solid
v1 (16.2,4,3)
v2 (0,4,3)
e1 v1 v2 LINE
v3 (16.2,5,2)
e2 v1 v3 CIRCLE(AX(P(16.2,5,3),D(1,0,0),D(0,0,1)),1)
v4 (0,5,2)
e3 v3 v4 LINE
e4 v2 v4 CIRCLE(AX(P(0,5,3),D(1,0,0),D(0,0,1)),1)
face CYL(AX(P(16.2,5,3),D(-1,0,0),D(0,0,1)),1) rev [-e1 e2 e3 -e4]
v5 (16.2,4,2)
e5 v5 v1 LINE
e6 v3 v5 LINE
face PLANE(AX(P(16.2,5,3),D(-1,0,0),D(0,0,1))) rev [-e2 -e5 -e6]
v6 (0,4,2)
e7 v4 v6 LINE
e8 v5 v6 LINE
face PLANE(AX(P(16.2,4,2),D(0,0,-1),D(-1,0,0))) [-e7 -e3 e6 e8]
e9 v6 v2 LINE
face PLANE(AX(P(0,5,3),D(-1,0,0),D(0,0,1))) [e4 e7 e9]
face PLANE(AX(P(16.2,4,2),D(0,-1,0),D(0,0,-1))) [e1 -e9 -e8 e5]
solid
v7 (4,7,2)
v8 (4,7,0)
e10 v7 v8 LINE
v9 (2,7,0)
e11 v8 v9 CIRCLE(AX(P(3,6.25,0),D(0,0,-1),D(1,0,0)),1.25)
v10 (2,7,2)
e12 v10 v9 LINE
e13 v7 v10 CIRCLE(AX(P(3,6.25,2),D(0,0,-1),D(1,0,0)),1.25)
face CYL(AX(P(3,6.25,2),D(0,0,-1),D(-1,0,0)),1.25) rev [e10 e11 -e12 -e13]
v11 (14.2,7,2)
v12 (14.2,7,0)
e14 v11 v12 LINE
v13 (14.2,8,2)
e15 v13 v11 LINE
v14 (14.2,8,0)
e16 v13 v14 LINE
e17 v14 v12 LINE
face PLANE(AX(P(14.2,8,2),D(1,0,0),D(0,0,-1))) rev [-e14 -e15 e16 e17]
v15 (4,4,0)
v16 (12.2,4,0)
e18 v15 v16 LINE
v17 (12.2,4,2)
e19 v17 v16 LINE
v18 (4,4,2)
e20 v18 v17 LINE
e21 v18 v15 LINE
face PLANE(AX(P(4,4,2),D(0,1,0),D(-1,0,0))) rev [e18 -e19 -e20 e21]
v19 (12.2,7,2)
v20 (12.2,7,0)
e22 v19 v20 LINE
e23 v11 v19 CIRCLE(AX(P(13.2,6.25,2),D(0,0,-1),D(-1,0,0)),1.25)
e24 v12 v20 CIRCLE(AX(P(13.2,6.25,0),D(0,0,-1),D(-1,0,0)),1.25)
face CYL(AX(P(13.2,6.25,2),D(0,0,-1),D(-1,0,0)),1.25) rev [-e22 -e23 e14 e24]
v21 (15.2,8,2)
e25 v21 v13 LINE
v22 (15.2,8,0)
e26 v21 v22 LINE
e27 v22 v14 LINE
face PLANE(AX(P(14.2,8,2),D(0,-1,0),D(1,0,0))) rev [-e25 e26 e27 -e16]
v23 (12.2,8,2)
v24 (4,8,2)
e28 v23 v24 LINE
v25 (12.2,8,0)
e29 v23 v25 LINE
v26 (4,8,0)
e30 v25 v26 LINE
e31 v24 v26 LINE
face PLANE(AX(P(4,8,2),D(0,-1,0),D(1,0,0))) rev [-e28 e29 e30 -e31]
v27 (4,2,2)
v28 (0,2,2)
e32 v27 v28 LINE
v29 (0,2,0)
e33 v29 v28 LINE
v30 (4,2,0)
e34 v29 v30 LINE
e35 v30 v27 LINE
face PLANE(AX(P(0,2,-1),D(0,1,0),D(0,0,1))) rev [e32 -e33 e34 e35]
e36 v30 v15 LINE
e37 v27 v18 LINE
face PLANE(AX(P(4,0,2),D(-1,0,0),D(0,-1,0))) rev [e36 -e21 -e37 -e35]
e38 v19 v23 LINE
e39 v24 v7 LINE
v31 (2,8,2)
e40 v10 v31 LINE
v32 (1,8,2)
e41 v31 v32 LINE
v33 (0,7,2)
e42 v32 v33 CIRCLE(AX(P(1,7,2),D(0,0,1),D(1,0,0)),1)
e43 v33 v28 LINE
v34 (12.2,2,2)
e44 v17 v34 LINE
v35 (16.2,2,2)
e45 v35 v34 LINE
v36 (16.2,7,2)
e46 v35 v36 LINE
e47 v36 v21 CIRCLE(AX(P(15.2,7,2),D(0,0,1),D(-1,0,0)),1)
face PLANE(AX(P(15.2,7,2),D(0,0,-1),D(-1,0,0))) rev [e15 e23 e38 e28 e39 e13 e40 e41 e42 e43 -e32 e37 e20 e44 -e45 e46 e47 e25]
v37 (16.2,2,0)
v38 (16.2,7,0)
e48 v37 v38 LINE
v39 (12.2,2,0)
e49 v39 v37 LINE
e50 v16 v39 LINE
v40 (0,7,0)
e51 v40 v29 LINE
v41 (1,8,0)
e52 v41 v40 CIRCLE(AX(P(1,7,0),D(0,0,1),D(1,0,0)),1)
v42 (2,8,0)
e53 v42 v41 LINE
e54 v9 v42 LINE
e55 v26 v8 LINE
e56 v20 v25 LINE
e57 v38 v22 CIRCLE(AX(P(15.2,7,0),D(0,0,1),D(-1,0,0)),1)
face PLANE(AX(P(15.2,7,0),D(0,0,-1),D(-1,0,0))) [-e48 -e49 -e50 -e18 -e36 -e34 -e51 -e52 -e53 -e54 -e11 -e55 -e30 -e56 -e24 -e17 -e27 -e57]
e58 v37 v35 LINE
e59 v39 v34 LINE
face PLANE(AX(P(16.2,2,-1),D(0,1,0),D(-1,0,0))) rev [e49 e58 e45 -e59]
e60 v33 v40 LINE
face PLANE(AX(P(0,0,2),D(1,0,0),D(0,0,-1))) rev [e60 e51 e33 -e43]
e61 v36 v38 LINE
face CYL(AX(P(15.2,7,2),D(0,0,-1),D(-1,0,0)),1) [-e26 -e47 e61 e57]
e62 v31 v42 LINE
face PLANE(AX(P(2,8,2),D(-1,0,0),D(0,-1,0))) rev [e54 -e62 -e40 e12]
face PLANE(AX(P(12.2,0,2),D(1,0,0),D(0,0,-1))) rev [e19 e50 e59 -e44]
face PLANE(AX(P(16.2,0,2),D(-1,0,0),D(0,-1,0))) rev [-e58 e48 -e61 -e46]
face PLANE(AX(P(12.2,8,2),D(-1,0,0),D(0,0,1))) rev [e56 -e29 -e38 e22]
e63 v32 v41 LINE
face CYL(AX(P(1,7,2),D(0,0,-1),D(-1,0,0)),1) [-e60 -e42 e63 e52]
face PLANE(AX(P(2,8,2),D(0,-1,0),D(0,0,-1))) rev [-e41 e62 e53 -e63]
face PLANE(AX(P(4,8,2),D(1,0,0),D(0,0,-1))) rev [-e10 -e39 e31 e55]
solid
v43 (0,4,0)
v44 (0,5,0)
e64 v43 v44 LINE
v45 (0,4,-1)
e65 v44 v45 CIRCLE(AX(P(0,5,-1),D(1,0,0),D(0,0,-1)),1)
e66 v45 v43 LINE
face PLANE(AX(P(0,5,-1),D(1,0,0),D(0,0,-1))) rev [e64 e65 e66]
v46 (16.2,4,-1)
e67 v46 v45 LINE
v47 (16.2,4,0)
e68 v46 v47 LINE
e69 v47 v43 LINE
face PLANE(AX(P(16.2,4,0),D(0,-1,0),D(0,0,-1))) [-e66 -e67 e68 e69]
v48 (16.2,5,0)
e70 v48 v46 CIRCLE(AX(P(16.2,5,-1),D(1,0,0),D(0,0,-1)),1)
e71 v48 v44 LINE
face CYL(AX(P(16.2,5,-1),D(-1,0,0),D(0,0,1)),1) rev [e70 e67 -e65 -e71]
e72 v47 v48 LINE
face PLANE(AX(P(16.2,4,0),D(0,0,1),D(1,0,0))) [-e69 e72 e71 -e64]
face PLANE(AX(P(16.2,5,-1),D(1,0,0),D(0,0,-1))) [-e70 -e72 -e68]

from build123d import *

# Parameters (mm, degrees)
BOSS_EXTRUDE1_DEPTH   = 2
BOSS_EXTRUDE2_DEPTH   = 16.2
BOSS_EXTRUDE2_2_DEPTH = 16.2
SKETCH3_W             = 4
SKETCH3_H             = 2
CUT_EXTRUDE1_DEPTH    = 19.315021158


with BuildPart() as part:
    # Sketch1 → Boss-Extrude1 (new body)
    with BuildSketch(Plane.XY):
        with BuildLine():
            Line((4, 8), (12.2, 8))
            Line((12.2, 8), (12.2, 7))
            ThreePointArc((12.2, 7), (13.2, 5), (14.2, 7))
            Line((14.2, 7), (14.2, 8))
            Line((14.2, 8), (15.2, 8))
            ThreePointArc((15.2, 8), (15.907106781, 7.707106781), (16.2, 7))
            Line((16.2, 7), (16.2, 0))
            Line((16.2, 0), (12.2, 0))
            Line((12.2, 0), (12.2, 4))
            Line((12.2, 4), (4, 4))
            Line((4, 4), (4, 0))
            Line((4, 0), (0, 0))
            Line((0, 0), (0, 7))
            ThreePointArc((0, 7), (0.292893219, 7.707106781), (1, 8))
            Line((1, 8), (2, 8))
            Line((2, 8), (2, 7))
            ThreePointArc((2, 7), (3, 5), (4, 7))
            Line((4, 7), (4, 8))
        make_face()
    extrude(amount=BOSS_EXTRUDE1_DEPTH)

    # Sketch3 → Cut-Extrude1 (cut, through all)
    with BuildSketch(Plane.XY.offset(2)):
        with Locations((2, 1)):
            Rectangle(SKETCH3_W, SKETCH3_H)
        with Locations((14.2, 1)):
            Rectangle(SKETCH3_W, SKETCH3_H)
    extrude(amount=-CUT_EXTRUDE1_DEPTH, mode=Mode.SUBTRACT)


with BuildPart() as body_2:
    # Sketch2 → Boss-Extrude2 (new body)
    with BuildSketch(Plane.ZY):
        with BuildLine():
            Line((2, 4), (2, 5))
            ThreePointArc((2, 5), (2.292893219, 4.292893219), (3, 4))
            Line((3, 4), (2, 4))
        make_face()
    extrude(amount=-BOSS_EXTRUDE2_DEPTH)


with BuildPart() as body_3:
    # Sketch2 → Boss-Extrude2 2 (new body)
    with BuildSketch(Plane.ZY):
        with BuildLine():
            Line((0, 4), (-1, 4))
            ThreePointArc((-1, 4), (-0.292893219, 4.292893219), (0, 5))
            Line((0, 5), (0, 4))
        make_face()
    extrude(amount=-BOSS_EXTRUDE2_2_DEPTH)


solid = Compound([part.part, body_2.part, body_3.part])
